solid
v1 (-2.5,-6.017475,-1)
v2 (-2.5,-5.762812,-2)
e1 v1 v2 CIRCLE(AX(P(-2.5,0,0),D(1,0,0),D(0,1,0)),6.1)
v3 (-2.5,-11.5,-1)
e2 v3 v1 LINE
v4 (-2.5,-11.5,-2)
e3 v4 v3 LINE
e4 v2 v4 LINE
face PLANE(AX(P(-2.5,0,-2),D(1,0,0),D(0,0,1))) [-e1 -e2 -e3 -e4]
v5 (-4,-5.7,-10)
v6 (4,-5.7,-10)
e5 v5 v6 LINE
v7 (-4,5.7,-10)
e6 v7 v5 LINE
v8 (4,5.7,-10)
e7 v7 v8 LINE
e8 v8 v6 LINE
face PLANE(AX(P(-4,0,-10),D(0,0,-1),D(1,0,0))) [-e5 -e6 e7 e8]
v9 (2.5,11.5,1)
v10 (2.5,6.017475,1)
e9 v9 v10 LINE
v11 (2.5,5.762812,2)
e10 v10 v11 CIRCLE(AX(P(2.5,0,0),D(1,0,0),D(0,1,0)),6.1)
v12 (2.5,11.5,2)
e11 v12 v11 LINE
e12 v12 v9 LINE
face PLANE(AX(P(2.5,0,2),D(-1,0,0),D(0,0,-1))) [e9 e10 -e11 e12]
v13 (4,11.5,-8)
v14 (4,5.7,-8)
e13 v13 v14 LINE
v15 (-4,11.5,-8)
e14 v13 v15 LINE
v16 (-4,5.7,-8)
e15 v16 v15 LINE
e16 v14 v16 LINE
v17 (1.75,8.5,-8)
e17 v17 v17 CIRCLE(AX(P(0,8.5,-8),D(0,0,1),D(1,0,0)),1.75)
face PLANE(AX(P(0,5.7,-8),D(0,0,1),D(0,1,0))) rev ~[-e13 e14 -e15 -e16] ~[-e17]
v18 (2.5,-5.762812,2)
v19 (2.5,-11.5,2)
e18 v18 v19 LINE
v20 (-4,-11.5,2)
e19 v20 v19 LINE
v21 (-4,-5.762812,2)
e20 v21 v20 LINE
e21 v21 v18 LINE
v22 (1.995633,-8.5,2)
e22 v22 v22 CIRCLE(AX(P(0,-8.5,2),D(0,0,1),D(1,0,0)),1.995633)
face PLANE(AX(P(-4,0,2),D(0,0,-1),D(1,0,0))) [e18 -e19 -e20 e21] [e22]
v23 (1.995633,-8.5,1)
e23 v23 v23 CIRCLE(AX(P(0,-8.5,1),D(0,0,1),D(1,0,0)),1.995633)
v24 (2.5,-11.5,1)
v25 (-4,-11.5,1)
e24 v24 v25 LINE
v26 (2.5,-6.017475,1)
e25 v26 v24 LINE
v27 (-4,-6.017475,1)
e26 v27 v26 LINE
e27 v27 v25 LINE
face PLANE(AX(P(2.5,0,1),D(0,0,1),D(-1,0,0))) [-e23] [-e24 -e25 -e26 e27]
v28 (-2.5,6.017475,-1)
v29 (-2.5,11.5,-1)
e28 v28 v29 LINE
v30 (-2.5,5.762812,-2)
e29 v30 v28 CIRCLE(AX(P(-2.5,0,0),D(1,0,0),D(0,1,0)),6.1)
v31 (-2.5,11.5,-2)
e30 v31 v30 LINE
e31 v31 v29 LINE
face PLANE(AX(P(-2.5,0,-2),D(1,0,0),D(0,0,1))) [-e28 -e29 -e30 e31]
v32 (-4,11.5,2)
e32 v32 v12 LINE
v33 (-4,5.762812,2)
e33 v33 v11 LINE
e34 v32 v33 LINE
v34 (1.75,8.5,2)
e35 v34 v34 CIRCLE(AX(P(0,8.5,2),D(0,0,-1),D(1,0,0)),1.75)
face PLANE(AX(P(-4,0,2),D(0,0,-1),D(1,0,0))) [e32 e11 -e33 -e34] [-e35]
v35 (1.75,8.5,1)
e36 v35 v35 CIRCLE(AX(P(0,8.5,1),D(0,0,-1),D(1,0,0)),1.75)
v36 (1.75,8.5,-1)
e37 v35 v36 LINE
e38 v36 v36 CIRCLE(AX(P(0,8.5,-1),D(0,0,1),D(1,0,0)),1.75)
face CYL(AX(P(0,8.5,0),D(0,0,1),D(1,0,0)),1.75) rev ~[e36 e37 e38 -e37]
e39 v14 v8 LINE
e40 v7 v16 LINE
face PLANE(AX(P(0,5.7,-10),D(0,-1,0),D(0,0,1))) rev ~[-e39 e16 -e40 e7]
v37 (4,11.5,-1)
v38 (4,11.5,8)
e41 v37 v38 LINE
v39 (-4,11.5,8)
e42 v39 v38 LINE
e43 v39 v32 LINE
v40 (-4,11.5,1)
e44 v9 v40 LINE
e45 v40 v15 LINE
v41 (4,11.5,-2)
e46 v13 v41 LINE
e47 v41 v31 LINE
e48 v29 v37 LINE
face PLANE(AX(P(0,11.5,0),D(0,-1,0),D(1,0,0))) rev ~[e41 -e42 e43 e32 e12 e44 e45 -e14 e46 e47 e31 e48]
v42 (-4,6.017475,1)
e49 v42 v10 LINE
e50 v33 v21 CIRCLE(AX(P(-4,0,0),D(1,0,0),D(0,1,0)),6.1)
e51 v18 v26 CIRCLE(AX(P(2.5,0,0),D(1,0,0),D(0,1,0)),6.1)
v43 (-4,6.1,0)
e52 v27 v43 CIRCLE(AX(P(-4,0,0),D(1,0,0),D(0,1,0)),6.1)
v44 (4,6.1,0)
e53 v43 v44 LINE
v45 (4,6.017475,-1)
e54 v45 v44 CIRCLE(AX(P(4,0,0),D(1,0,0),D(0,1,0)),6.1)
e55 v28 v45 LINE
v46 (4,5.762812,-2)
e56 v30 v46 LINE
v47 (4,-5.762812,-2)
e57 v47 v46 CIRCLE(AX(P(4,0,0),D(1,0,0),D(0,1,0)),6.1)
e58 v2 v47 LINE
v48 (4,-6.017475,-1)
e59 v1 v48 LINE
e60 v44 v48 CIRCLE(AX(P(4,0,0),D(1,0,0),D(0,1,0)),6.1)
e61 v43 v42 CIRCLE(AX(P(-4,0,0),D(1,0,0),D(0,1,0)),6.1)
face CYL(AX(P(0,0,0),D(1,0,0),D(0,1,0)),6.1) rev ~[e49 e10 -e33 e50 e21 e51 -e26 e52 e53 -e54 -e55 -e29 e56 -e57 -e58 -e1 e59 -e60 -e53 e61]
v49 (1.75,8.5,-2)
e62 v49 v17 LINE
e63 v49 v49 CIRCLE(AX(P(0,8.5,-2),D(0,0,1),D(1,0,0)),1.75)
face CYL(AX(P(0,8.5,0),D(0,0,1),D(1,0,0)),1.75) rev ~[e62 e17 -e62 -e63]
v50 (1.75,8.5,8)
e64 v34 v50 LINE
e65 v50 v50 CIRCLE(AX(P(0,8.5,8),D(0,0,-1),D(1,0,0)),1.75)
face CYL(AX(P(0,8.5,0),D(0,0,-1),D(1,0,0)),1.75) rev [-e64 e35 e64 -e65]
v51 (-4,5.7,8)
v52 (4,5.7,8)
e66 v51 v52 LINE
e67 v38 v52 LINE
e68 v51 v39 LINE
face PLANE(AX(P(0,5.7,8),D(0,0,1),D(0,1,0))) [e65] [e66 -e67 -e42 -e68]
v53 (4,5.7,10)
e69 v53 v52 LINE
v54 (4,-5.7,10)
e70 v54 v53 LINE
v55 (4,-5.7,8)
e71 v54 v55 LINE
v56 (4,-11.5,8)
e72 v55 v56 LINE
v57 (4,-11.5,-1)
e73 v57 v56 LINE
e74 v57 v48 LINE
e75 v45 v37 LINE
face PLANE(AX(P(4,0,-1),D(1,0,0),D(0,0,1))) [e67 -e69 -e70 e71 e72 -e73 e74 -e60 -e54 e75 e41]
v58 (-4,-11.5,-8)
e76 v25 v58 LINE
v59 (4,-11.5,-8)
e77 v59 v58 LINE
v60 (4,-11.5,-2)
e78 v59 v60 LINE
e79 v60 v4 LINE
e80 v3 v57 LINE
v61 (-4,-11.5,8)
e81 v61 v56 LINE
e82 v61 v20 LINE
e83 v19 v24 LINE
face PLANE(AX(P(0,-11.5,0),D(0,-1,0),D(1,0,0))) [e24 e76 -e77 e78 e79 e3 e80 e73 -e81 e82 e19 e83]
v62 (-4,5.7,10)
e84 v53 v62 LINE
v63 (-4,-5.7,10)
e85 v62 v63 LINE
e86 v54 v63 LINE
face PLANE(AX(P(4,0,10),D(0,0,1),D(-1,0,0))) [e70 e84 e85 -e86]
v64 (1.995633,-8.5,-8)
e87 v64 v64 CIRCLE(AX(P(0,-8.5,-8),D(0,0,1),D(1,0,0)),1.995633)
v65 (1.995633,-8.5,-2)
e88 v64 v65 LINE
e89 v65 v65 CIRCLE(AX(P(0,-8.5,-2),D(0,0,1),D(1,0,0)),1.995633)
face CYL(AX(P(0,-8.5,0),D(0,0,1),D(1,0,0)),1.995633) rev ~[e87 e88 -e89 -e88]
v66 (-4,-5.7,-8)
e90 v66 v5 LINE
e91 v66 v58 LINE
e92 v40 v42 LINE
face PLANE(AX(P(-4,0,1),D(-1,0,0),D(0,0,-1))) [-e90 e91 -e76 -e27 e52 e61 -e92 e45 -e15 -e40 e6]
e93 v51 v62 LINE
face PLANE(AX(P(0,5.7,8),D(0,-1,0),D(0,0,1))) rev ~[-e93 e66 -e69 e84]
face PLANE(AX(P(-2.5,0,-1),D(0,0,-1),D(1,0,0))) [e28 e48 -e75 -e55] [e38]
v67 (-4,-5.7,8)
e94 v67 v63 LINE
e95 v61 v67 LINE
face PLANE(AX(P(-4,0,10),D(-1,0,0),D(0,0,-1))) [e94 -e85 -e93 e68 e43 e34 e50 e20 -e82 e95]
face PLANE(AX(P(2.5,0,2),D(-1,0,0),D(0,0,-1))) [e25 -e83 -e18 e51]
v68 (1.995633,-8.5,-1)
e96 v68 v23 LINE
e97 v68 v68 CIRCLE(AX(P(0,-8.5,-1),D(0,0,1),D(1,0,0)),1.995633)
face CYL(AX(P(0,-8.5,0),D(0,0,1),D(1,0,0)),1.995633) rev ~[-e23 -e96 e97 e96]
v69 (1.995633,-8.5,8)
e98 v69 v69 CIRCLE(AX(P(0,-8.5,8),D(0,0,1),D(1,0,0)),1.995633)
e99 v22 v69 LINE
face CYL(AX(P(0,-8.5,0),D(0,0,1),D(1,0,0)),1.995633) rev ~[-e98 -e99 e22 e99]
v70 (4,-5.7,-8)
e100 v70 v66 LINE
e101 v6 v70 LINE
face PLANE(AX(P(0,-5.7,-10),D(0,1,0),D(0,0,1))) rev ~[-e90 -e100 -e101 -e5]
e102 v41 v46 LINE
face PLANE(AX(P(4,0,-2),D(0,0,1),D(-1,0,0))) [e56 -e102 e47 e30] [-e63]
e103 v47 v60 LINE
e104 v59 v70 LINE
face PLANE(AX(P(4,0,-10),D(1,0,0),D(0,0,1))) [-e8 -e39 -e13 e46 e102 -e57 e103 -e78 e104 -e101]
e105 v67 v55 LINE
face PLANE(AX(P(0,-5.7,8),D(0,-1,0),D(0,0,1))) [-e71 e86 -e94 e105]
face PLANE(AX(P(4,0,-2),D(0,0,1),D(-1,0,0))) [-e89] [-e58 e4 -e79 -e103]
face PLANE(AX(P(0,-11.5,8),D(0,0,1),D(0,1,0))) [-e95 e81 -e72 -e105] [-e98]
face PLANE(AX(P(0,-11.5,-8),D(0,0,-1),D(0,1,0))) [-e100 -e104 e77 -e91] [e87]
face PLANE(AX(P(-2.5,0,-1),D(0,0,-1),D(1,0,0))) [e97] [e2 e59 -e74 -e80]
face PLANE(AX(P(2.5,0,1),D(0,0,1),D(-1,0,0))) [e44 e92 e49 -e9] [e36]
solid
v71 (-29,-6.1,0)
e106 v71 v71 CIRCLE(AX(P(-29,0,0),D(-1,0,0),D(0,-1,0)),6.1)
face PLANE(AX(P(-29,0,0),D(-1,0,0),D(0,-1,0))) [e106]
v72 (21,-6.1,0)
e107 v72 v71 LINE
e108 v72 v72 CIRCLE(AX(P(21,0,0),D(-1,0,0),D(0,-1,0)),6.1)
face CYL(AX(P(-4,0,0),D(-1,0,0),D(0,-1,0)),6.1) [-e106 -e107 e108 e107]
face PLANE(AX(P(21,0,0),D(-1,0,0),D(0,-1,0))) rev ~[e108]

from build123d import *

# Parameters (mm, degrees)
F1_DEPTH      = 11.5
F2_R          = 1.75
F2_R_2        = 1.995633
F3_DEPTH      = 20
F4_R          = 6.1
F5_DEPTH      = 12.5
F6_W          = 5.8
F6_H          = 2
F7_DEPTH      = 12.5
F8_R          = 6.1
F9_DEPTH      = 25
F9_DEPTH_BACK = 25


with BuildPart() as f1:
    # F0 (on Front) → F1 (new body, symmetric)
    with BuildSketch(Plane.XZ):
        Polygon((4, 10), (-4, 10), (-4, 2), (2.5, 2), (2.5, 1), (-4, 1), (-4, -10), (4, -10), (4, -2), (-2.5, -2), (-2.5, -1), (4, -1), align=None)
    extrude(amount=F1_DEPTH, both=True)

    # F2 (on Top) → F3 (cut, symmetric)
    with BuildSketch(Plane.XY):
        with Locations((0, 8.5)):
            Circle(F2_R)
        with Locations((0, -8.5)):
            Circle(F2_R_2)
    extrude(amount=F3_DEPTH, both=True, mode=Mode.SUBTRACT)

    # F4 (on Right) → F5 (cut, symmetric)
    with BuildSketch(Plane.YZ):
        Circle(F4_R)
    extrude(amount=F5_DEPTH, both=True, mode=Mode.SUBTRACT)

    # F6 (on Right) → F7 (cut, symmetric)
    with BuildSketch(Plane.YZ):
        with Locations((-8.6, 9)):
            Rectangle(F6_W, F6_H)
        with Locations((8.6, 9)):
            Rectangle(F6_W, F6_H)
        with Locations((8.6, -9)):
            Rectangle(F6_W, F6_H)
        with Locations((-8.6, -9)):
            Rectangle(F6_W, F6_H)
    extrude(amount=F7_DEPTH, both=True, mode=Mode.SUBTRACT)


with BuildPart() as f9:
    # F8 (on face) → F9 (new body, two sides)
    with BuildSketch(Plane(origin=(-4, 0, 0), x_dir=(0, -1, 0), z_dir=(-1, 0, 0))) as f9_sk:
        Circle(F8_R)
    extrude(amount=F9_DEPTH)
    extrude(f9_sk.sketch, amount=-F9_DEPTH_BACK)


solid = Compound([f1.part, f9.part])
